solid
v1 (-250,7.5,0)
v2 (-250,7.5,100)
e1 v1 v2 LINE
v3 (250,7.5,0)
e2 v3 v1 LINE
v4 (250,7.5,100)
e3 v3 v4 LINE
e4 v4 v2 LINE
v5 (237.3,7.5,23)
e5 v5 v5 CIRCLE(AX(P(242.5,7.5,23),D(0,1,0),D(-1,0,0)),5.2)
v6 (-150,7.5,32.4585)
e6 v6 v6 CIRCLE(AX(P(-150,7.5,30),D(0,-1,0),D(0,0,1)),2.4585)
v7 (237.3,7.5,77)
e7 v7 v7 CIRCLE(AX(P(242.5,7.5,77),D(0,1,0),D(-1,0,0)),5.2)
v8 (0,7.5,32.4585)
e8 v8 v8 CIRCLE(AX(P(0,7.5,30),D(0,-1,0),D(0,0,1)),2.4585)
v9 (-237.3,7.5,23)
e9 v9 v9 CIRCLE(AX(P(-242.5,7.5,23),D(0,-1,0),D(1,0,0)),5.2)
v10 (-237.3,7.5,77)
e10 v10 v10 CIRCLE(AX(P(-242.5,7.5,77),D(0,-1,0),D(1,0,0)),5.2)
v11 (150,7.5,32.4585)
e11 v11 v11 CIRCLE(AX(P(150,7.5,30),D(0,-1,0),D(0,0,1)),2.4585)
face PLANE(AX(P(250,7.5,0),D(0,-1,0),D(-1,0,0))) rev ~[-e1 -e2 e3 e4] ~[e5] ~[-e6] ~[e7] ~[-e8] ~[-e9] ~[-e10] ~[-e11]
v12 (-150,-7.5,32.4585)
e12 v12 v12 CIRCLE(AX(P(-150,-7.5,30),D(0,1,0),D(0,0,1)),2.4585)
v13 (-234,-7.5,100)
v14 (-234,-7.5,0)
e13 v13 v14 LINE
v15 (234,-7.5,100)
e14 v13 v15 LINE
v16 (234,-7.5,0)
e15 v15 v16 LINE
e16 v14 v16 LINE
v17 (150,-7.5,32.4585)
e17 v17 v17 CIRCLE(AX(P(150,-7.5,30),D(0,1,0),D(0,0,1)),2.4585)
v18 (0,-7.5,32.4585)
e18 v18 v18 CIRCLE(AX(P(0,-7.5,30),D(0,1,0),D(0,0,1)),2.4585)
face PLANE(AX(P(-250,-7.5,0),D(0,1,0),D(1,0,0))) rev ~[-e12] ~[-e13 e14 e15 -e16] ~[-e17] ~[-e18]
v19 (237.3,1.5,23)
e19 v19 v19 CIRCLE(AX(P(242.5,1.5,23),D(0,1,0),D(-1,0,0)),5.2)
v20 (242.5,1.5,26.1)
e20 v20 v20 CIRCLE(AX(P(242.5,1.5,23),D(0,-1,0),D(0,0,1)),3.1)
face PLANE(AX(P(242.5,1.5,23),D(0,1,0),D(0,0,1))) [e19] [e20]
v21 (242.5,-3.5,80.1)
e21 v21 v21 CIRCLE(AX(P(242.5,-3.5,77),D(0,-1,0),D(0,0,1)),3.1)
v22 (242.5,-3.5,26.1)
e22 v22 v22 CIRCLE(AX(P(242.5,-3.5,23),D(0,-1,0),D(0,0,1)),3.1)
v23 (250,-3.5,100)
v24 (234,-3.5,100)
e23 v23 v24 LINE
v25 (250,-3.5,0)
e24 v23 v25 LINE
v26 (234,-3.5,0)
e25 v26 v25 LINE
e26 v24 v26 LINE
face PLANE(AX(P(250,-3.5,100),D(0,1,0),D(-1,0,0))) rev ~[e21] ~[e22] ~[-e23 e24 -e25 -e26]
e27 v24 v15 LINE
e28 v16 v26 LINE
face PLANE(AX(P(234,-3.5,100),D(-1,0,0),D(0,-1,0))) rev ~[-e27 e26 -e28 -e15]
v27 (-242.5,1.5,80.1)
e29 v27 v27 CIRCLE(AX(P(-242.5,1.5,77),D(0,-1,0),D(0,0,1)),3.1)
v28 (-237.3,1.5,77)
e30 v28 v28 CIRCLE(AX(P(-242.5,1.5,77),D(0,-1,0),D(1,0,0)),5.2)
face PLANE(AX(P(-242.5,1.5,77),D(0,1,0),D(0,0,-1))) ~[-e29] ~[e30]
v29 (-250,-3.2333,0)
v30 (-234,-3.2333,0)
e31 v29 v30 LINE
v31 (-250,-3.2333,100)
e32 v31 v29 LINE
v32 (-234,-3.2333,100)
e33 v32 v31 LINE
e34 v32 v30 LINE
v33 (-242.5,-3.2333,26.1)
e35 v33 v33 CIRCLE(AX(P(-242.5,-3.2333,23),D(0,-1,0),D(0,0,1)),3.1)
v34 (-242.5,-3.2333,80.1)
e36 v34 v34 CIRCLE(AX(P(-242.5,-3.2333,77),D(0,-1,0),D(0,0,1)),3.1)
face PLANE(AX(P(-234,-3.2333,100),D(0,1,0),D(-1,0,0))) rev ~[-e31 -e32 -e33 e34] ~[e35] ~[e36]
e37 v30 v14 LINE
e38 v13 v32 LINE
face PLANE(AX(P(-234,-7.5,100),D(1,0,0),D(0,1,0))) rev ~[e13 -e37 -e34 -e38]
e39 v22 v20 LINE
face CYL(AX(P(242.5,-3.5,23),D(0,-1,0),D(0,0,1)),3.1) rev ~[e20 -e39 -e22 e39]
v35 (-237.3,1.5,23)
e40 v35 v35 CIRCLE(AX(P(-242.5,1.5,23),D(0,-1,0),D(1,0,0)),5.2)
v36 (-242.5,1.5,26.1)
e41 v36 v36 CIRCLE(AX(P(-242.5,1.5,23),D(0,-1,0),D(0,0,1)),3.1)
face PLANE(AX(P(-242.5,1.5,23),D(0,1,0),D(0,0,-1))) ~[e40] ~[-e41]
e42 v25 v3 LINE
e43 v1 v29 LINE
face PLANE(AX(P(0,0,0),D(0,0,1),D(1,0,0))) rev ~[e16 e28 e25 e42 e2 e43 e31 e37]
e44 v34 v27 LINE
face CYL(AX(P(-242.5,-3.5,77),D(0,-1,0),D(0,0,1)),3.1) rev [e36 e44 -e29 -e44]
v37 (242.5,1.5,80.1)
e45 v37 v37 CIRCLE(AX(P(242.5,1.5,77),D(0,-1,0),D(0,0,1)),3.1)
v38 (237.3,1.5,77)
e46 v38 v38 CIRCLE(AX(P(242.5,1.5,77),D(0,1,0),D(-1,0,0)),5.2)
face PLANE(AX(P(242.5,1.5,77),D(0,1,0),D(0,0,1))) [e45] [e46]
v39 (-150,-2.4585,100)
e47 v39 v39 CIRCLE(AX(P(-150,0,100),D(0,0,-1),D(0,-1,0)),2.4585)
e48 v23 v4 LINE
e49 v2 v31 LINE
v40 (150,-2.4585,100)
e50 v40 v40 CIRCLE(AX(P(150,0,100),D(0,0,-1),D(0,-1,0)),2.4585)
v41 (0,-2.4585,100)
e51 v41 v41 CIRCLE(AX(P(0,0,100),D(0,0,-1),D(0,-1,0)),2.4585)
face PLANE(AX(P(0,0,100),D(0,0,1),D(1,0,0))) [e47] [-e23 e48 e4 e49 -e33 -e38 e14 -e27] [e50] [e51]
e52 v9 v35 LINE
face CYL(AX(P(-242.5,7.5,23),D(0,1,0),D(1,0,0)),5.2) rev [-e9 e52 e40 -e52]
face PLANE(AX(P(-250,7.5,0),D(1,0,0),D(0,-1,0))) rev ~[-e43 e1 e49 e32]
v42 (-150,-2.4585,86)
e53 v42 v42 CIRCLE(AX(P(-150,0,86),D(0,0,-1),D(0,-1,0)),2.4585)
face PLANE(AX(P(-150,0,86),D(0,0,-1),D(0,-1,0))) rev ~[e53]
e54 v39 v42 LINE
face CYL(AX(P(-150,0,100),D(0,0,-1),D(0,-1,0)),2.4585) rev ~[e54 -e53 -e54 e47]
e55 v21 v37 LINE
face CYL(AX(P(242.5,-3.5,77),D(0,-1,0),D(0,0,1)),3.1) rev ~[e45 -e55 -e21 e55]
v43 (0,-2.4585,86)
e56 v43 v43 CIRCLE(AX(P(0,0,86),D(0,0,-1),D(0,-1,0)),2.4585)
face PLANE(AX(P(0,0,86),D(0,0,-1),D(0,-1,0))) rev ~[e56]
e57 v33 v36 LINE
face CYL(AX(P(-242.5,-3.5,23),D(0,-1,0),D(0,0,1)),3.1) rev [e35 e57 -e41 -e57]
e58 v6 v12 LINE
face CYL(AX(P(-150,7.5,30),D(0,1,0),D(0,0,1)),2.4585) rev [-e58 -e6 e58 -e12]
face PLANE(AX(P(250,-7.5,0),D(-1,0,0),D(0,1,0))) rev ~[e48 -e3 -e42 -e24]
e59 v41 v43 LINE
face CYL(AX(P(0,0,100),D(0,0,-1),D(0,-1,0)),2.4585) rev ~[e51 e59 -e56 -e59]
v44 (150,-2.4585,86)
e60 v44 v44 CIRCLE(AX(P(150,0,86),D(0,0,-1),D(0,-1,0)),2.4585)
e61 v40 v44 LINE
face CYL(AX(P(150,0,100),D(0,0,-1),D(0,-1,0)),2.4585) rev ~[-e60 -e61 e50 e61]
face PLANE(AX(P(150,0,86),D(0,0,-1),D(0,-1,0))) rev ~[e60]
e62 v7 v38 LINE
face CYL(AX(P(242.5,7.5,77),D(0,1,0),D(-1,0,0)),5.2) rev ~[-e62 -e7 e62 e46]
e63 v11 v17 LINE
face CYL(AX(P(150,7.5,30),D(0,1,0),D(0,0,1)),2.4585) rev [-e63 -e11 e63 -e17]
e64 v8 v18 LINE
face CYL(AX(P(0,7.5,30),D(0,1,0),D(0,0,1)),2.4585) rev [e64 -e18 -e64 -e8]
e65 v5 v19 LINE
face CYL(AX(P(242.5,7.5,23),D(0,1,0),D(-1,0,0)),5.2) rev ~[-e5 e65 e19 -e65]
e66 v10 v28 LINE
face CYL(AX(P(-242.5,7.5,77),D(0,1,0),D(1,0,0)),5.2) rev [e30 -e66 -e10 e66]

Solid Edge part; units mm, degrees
sketch "Sketch1" plane through (0, 0, 0) normal (0, 0, 1) x (1, 0, 0)
  line L0 (-250, -7.5) -> (250, -7.5)
  line L1 (250, -7.5) -> (250, 7.5)
  line L2 (250, 7.5) -> (-250, 7.5)
  line L3 (-250, 7.5) -> (-250, -7.5)
extrude "Protrusion1" add sketch "Sketch1" along normal blind 100
sketch "Sketch2" plane through (0, 0, 100) normal (0, 0, 1) x (-1, 0, 0)
  line L0 (250, 7.5) -> (234, 7.5)
  line L1 (234, 7.5) -> (234, 3.2333)
  line L2 (234, 3.2333) -> (250, 3.2333)
  line L3 (250, 3.2333) -> (250, 7.5)
  line L4 (-250, 7.5) -> (-250, 3.5)
  line L5 (-250, 3.5) -> (-234, 3.5)
  line L6 (-234, 3.5) -> (-234, 7.5)
  line L7 (-234, 7.5) -> (-250, 7.5)
  dimension "D1" = 16
extrude "Cutout1" cut sketch "Sketch2" against normal up to next
sketch "Sketch3" plane through (242.5, -3.5, 50) normal (0, -1, 0) x (0, 0, 1)
  circle A0 centre (27, 0) radius 3.1
  circle A1 centre (-27, 0) radius 3.1
  dimension "D1" = 23
  dimension "D2" = 54
  dimension "D3" = 7.5
  dimension "D4" = 8.5
extrude "Cutout2" cut sketch "Sketch3" against normal up to next
sketch "Sketch4" plane through (0, 7.5, 50) normal (0, 1, 0) x (-1, 0, 0)
  circle A0 centre (-242.5, -27) radius 5.2
  circle A1 centre (-242.5, 27) radius 5.2
extrude "ExtrudedCutout_3" cut sketch "Sketch4" against normal blind 6
mirror "Mirror1" about plane through (0, 0, 0) normal (1, 0, 0) of "Cutout2", "ExtrudedCutout_3"
hole "Hole_9" at (0, 7.5, 30) direction (0, -1, 0) diameter 4.917 end up to next thread major 6 thread length 15
hole "Hole1" at (-150, 7.5, 30) direction (0, -1, 0) diameter 4.917 end up to next thread major 6 thread length 15
hole "Hole2" at (150, 7.5, 30) direction (0, -1, 0) diameter 4.917 end up to next thread major 6 thread length 15
hole "Hole_15" at (0, 0, 100) direction (0, 0, -1) diameter 4.917 depth 14 thread major 6 thread length 12
hole "Hole3" at (150, 0, 100) direction (0, 0, -1) diameter 4.917 depth 14 thread major 6 thread length 12
hole "Hole4" at (-150, 0, 100) direction (0, 0, -1) diameter 4.917 depth 14 thread major 6 thread length 12
